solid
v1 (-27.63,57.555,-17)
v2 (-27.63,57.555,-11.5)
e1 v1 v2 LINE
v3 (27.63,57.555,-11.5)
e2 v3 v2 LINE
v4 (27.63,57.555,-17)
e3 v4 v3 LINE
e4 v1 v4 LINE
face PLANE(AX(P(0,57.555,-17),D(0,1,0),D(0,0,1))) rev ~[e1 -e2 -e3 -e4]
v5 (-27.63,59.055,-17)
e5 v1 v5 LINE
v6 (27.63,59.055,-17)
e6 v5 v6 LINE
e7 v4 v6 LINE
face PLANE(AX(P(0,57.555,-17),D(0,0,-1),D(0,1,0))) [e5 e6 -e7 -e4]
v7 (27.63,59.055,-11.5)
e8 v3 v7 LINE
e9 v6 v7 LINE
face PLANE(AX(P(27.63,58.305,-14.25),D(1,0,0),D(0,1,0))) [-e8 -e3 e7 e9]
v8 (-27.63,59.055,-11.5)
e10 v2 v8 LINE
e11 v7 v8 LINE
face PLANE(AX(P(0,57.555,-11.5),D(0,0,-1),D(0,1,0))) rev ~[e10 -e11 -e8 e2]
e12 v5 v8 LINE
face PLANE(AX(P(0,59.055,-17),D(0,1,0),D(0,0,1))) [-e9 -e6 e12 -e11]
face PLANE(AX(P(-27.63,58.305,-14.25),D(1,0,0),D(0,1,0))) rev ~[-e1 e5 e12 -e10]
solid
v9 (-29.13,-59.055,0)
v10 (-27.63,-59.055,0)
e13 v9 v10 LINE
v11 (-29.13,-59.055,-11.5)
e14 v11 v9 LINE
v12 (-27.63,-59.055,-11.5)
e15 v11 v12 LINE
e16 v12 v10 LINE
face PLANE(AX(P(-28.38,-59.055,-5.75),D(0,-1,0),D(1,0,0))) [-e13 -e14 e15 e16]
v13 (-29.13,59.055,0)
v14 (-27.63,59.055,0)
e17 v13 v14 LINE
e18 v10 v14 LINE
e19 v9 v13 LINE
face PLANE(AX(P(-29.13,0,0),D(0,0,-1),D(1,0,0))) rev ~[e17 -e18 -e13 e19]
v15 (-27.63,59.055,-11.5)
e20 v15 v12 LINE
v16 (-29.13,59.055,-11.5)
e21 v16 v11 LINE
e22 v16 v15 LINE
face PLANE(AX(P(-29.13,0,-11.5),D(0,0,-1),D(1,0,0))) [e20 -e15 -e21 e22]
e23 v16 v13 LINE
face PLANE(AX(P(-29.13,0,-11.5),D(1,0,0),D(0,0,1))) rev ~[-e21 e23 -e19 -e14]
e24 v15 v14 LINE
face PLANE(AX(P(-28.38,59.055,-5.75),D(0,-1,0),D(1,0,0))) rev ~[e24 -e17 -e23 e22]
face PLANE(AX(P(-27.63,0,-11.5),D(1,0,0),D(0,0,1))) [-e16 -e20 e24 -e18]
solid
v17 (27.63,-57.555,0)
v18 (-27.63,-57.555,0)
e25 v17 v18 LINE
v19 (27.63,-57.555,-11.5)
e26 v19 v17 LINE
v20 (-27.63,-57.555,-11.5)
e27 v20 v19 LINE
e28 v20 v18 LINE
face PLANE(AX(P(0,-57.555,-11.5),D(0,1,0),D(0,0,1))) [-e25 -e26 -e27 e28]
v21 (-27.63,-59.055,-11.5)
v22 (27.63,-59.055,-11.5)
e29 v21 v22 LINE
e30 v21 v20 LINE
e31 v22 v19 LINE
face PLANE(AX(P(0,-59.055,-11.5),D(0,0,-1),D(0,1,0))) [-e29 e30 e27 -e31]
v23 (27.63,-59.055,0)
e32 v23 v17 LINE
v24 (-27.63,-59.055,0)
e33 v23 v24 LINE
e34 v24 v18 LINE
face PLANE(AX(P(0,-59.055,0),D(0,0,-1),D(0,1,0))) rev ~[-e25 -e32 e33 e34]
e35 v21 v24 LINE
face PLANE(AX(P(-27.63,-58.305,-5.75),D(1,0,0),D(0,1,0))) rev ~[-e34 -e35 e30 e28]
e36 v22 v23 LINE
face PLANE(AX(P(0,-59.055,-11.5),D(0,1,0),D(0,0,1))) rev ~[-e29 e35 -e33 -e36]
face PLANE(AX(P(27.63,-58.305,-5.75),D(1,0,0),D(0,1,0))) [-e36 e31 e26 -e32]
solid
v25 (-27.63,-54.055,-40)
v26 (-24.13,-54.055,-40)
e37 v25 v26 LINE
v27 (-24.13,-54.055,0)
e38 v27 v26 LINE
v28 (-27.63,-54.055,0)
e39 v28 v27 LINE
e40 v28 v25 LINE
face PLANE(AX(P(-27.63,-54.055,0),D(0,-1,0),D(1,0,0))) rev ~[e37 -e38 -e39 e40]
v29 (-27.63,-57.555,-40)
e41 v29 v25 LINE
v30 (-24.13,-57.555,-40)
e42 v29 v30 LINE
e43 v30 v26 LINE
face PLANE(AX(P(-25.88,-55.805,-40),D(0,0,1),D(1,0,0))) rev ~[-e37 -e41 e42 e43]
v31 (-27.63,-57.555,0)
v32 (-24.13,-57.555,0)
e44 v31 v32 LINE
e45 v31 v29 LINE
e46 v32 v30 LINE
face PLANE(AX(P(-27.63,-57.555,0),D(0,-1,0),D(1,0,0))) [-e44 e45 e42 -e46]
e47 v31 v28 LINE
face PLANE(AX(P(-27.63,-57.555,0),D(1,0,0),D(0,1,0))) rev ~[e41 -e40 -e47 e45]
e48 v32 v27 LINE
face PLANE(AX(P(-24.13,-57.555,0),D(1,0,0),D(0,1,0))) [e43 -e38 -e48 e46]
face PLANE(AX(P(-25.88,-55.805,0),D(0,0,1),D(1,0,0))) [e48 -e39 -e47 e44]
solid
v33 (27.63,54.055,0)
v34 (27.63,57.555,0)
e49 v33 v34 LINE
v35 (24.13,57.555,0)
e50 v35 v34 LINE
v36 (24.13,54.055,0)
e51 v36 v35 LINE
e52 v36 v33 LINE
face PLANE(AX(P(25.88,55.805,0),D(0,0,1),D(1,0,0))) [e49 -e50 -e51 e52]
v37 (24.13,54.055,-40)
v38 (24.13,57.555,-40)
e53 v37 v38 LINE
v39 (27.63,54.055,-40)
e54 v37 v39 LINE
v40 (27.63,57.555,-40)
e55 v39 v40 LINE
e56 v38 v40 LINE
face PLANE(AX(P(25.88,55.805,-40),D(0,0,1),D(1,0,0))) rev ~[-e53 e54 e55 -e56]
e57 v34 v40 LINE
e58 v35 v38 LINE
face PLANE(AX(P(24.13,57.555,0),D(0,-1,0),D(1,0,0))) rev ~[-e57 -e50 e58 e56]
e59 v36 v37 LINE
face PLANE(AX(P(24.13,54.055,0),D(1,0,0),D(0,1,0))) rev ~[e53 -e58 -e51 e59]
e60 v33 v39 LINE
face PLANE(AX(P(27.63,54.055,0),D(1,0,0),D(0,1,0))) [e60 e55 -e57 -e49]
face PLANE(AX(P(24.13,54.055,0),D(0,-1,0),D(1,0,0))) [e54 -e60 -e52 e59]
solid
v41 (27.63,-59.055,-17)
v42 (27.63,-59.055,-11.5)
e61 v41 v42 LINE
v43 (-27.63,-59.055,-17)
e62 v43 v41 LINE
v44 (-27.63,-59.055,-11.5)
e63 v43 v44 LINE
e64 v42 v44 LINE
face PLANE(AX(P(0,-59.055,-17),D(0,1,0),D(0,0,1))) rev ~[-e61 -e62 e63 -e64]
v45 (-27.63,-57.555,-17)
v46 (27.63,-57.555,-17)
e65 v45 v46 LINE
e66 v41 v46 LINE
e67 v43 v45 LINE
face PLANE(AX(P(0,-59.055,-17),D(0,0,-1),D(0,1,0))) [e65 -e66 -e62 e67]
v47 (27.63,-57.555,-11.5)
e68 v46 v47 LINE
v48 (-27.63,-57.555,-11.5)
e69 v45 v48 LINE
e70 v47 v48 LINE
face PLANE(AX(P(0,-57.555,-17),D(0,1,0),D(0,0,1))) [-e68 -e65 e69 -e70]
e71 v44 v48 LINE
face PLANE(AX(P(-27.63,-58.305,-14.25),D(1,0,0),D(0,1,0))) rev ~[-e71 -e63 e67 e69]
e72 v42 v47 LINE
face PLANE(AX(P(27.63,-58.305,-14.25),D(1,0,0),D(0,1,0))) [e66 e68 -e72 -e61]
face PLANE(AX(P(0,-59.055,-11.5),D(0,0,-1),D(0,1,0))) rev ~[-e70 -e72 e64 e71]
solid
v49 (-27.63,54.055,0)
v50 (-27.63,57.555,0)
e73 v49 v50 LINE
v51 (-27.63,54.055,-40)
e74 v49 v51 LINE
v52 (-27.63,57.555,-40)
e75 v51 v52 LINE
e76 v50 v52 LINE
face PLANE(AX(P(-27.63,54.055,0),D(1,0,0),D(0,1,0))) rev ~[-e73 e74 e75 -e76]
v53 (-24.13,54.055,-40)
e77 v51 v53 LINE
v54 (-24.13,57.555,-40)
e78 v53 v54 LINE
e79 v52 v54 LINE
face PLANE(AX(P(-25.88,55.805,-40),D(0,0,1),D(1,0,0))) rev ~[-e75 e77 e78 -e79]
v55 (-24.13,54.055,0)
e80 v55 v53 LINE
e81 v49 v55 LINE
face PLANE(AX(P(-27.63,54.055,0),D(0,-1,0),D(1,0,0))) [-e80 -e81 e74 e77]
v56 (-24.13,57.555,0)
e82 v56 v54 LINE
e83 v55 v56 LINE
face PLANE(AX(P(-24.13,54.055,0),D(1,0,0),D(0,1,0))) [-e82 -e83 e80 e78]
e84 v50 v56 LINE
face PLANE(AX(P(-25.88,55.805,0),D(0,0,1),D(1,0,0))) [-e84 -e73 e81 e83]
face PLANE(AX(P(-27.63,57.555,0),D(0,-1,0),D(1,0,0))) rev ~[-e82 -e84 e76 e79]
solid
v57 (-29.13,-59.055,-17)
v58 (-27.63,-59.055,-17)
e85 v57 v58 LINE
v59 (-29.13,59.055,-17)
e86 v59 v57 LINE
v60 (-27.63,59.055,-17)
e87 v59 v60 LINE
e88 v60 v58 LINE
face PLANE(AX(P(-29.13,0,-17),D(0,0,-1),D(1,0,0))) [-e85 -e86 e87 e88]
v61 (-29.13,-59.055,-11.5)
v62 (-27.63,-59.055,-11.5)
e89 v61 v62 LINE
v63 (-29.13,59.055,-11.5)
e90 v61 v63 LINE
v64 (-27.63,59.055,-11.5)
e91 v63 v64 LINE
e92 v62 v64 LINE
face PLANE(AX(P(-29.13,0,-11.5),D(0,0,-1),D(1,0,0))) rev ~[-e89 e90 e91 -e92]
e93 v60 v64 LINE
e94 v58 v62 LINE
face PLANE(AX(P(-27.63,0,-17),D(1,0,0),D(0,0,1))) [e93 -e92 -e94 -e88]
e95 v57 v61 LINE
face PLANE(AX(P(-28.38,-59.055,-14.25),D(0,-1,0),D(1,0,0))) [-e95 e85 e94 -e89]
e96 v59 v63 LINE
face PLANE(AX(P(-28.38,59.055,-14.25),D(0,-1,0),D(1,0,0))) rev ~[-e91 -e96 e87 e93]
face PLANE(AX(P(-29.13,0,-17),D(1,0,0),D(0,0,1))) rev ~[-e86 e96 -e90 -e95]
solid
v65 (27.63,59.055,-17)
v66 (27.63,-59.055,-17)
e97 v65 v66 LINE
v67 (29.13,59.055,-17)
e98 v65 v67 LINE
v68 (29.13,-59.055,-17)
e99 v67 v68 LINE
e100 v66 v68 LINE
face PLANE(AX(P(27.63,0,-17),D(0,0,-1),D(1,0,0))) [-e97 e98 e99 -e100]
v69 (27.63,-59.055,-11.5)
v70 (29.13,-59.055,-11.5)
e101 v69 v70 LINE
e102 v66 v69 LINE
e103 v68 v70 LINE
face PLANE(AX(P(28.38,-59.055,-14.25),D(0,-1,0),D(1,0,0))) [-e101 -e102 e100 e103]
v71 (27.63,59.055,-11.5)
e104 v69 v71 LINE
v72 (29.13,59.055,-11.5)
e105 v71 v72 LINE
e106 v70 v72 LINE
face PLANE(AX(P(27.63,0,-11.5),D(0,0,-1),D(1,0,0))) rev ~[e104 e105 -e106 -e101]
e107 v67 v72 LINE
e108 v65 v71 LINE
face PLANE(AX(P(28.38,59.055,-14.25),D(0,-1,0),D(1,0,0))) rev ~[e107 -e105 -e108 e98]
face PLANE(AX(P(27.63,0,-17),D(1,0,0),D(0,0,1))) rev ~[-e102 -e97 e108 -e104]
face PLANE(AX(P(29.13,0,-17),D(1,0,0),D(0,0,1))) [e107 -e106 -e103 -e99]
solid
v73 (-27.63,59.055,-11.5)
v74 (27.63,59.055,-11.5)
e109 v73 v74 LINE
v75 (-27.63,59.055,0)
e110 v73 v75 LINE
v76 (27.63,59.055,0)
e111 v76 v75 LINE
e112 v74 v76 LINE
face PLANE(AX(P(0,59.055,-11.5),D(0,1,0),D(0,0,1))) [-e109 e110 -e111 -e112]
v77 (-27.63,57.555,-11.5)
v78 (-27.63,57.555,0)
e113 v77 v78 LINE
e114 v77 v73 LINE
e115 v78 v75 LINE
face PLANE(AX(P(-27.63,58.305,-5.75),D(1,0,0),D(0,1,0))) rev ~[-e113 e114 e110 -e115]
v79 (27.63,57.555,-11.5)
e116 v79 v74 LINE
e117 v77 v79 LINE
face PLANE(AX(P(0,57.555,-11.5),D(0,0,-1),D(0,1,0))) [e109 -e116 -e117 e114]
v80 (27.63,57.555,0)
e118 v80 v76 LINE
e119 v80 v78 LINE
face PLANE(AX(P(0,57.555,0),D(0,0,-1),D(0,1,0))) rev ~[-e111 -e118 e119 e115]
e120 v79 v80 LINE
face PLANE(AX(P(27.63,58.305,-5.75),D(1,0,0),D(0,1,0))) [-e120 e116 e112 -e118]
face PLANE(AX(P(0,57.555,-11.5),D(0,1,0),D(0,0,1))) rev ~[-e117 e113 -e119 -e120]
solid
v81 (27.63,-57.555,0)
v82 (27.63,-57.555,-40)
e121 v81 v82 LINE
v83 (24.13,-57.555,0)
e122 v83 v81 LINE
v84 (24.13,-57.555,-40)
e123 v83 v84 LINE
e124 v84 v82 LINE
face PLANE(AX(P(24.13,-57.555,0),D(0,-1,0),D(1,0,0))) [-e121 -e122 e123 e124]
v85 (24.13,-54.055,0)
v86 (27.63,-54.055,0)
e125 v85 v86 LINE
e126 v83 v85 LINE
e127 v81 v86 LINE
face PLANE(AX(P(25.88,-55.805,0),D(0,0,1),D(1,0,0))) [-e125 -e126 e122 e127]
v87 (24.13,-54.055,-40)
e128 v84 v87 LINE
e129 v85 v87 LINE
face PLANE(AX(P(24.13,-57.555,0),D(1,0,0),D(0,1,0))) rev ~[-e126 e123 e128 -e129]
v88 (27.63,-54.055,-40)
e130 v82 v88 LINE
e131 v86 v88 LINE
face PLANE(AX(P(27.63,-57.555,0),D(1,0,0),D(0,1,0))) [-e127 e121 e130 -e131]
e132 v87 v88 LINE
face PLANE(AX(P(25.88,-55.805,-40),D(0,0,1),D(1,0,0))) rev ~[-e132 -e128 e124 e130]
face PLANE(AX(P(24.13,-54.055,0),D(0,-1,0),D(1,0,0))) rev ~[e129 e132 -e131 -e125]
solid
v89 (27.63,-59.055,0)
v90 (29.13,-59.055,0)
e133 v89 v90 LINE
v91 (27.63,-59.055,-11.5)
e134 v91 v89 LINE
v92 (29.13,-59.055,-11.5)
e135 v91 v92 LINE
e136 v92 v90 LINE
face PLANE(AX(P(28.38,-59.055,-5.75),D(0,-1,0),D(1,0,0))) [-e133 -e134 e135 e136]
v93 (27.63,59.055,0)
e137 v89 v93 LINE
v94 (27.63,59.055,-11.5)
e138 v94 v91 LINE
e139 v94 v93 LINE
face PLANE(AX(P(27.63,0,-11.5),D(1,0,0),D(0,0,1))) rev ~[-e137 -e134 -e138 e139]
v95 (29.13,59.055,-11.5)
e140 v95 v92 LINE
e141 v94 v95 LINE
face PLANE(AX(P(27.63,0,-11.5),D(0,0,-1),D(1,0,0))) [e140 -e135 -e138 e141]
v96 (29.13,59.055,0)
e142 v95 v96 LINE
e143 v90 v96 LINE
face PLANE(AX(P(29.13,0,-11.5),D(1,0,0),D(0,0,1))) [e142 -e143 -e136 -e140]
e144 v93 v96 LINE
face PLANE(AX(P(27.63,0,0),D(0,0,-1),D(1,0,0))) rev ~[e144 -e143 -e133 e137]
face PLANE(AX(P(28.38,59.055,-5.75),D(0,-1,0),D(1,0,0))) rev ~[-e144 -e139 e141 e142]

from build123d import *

# Parameters (mm, degrees)
F1_W          = 1.5
F1_H          = 11.5
F2_DEPTH      = 59.055
F2_DEPTH_BACK = 59.055
F1_H_2        = 5.5
F3_DEPTH      = 59.055
F3_DEPTH_BACK = 59.055
F4_W          = 1.5
F4_H          = 11.5
F5_DEPTH      = 27.63
F5_DEPTH_BACK = 27.63
F4_H_2        = 5.5
F6_DEPTH      = 27.63
F6_DEPTH_BACK = 27.63
F7_W          = 3.5
F7_H          = 3.5
F9_DEPTH      = 40


with BuildPart() as f2:
    # F1 (on Front) → F2 (new body, two sides)
    with BuildSketch(Plane.XZ) as f2_sk:
        with Locations((-28.38, -5.75)):
            Rectangle(F1_W, F1_H)
    extrude(amount=F2_DEPTH)
    extrude(f2_sk.sketch, amount=-F2_DEPTH_BACK)


with BuildPart() as f2b:
    # F1 (on Front) → F2, piece 2 (new body, two sides)
    with BuildSketch(Plane.XZ) as f2_2_sk:
        with Locations((28.38, -5.75)):
            Rectangle(F1_W, F1_H)
    extrude(amount=F2_DEPTH)
    extrude(f2_2_sk.sketch, amount=-F2_DEPTH_BACK)


with BuildPart() as f3:
    # F1 (on Front) → F3 (new body, two sides)
    with BuildSketch(Plane.XZ) as f3_sk:
        with Locations((-28.38, -14.25)):
            Rectangle(F1_W, F1_H_2)
    extrude(amount=F3_DEPTH)
    extrude(f3_sk.sketch, amount=-F3_DEPTH_BACK)


with BuildPart() as f3b:
    # F1 (on Front) → F3, piece 2 (new body, two sides)
    with BuildSketch(Plane.XZ) as f3_2_sk:
        with Locations((28.38, -14.25)):
            Rectangle(F1_W, F1_H_2)
    extrude(amount=F3_DEPTH)
    extrude(f3_2_sk.sketch, amount=-F3_DEPTH_BACK)


with BuildPart() as f5:
    # F4 (on Right) → F5 (new body, two sides)
    with BuildSketch(Plane.YZ) as f5_sk:
        with Locations((58.305, -5.75)):
            Rectangle(F4_W, F4_H)
    extrude(amount=F5_DEPTH)
    extrude(f5_sk.sketch, amount=-F5_DEPTH_BACK)


with BuildPart() as f5b:
    # F4 (on Right) → F5, piece 2 (new body, two sides)
    with BuildSketch(Plane.YZ) as f5_2_sk:
        with Locations((-58.305, -5.75)):
            Rectangle(F4_W, F4_H)
    extrude(amount=F5_DEPTH)
    extrude(f5_2_sk.sketch, amount=-F5_DEPTH_BACK)


with BuildPart() as f6:
    # F4 (on Right) → F6 (new body, two sides)
    with BuildSketch(Plane.YZ) as f6_sk:
        with Locations((-58.305, -14.25)):
            Rectangle(F4_W, F4_H_2)
    extrude(amount=F6_DEPTH)
    extrude(f6_sk.sketch, amount=-F6_DEPTH_BACK)


with BuildPart() as f6b:
    # F4 (on Right) → F6, piece 2 (new body, two sides)
    with BuildSketch(Plane.YZ) as f6_2_sk:
        with Locations((58.305, -14.25)):
            Rectangle(F4_W, F4_H_2)
    extrude(amount=F6_DEPTH)
    extrude(f6_2_sk.sketch, amount=-F6_DEPTH_BACK)


with BuildPart() as f9:
    # F7 (on Top) → F9 (new body, through all)
    with BuildSketch(Plane.XY):
        with Locations((-25.88, 55.805)):
            Rectangle(F7_W, F7_H)
    extrude(amount=-F9_DEPTH)


with BuildPart() as f9b:
    # F7 (on Top) → F9, piece 2 (new body, through all)
    with BuildSketch(Plane.XY):
        with Locations((25.88, 55.805)):
            Rectangle(F7_W, F7_H)
    extrude(amount=-F9_DEPTH)


with BuildPart() as f9c:
    # F7 (on Top) → F9, piece 3 (new body, through all)
    with BuildSketch(Plane.XY):
        with Locations((-25.88, -55.805)):
            Rectangle(F7_W, F7_H)
    extrude(amount=-F9_DEPTH)


with BuildPart() as f9d:
    # F7 (on Top) → F9, piece 4 (new body, through all)
    with BuildSketch(Plane.XY):
        with Locations((25.88, -55.805)):
            Rectangle(F7_W, F7_H)
    extrude(amount=-F9_DEPTH)


solid = Compound([f2.part, f2b.part, f3.part, f3b.part, f5.part, f5b.part, f6.part, f6b.part, f9.part, f9b.part, f9c.part, f9d.part])
